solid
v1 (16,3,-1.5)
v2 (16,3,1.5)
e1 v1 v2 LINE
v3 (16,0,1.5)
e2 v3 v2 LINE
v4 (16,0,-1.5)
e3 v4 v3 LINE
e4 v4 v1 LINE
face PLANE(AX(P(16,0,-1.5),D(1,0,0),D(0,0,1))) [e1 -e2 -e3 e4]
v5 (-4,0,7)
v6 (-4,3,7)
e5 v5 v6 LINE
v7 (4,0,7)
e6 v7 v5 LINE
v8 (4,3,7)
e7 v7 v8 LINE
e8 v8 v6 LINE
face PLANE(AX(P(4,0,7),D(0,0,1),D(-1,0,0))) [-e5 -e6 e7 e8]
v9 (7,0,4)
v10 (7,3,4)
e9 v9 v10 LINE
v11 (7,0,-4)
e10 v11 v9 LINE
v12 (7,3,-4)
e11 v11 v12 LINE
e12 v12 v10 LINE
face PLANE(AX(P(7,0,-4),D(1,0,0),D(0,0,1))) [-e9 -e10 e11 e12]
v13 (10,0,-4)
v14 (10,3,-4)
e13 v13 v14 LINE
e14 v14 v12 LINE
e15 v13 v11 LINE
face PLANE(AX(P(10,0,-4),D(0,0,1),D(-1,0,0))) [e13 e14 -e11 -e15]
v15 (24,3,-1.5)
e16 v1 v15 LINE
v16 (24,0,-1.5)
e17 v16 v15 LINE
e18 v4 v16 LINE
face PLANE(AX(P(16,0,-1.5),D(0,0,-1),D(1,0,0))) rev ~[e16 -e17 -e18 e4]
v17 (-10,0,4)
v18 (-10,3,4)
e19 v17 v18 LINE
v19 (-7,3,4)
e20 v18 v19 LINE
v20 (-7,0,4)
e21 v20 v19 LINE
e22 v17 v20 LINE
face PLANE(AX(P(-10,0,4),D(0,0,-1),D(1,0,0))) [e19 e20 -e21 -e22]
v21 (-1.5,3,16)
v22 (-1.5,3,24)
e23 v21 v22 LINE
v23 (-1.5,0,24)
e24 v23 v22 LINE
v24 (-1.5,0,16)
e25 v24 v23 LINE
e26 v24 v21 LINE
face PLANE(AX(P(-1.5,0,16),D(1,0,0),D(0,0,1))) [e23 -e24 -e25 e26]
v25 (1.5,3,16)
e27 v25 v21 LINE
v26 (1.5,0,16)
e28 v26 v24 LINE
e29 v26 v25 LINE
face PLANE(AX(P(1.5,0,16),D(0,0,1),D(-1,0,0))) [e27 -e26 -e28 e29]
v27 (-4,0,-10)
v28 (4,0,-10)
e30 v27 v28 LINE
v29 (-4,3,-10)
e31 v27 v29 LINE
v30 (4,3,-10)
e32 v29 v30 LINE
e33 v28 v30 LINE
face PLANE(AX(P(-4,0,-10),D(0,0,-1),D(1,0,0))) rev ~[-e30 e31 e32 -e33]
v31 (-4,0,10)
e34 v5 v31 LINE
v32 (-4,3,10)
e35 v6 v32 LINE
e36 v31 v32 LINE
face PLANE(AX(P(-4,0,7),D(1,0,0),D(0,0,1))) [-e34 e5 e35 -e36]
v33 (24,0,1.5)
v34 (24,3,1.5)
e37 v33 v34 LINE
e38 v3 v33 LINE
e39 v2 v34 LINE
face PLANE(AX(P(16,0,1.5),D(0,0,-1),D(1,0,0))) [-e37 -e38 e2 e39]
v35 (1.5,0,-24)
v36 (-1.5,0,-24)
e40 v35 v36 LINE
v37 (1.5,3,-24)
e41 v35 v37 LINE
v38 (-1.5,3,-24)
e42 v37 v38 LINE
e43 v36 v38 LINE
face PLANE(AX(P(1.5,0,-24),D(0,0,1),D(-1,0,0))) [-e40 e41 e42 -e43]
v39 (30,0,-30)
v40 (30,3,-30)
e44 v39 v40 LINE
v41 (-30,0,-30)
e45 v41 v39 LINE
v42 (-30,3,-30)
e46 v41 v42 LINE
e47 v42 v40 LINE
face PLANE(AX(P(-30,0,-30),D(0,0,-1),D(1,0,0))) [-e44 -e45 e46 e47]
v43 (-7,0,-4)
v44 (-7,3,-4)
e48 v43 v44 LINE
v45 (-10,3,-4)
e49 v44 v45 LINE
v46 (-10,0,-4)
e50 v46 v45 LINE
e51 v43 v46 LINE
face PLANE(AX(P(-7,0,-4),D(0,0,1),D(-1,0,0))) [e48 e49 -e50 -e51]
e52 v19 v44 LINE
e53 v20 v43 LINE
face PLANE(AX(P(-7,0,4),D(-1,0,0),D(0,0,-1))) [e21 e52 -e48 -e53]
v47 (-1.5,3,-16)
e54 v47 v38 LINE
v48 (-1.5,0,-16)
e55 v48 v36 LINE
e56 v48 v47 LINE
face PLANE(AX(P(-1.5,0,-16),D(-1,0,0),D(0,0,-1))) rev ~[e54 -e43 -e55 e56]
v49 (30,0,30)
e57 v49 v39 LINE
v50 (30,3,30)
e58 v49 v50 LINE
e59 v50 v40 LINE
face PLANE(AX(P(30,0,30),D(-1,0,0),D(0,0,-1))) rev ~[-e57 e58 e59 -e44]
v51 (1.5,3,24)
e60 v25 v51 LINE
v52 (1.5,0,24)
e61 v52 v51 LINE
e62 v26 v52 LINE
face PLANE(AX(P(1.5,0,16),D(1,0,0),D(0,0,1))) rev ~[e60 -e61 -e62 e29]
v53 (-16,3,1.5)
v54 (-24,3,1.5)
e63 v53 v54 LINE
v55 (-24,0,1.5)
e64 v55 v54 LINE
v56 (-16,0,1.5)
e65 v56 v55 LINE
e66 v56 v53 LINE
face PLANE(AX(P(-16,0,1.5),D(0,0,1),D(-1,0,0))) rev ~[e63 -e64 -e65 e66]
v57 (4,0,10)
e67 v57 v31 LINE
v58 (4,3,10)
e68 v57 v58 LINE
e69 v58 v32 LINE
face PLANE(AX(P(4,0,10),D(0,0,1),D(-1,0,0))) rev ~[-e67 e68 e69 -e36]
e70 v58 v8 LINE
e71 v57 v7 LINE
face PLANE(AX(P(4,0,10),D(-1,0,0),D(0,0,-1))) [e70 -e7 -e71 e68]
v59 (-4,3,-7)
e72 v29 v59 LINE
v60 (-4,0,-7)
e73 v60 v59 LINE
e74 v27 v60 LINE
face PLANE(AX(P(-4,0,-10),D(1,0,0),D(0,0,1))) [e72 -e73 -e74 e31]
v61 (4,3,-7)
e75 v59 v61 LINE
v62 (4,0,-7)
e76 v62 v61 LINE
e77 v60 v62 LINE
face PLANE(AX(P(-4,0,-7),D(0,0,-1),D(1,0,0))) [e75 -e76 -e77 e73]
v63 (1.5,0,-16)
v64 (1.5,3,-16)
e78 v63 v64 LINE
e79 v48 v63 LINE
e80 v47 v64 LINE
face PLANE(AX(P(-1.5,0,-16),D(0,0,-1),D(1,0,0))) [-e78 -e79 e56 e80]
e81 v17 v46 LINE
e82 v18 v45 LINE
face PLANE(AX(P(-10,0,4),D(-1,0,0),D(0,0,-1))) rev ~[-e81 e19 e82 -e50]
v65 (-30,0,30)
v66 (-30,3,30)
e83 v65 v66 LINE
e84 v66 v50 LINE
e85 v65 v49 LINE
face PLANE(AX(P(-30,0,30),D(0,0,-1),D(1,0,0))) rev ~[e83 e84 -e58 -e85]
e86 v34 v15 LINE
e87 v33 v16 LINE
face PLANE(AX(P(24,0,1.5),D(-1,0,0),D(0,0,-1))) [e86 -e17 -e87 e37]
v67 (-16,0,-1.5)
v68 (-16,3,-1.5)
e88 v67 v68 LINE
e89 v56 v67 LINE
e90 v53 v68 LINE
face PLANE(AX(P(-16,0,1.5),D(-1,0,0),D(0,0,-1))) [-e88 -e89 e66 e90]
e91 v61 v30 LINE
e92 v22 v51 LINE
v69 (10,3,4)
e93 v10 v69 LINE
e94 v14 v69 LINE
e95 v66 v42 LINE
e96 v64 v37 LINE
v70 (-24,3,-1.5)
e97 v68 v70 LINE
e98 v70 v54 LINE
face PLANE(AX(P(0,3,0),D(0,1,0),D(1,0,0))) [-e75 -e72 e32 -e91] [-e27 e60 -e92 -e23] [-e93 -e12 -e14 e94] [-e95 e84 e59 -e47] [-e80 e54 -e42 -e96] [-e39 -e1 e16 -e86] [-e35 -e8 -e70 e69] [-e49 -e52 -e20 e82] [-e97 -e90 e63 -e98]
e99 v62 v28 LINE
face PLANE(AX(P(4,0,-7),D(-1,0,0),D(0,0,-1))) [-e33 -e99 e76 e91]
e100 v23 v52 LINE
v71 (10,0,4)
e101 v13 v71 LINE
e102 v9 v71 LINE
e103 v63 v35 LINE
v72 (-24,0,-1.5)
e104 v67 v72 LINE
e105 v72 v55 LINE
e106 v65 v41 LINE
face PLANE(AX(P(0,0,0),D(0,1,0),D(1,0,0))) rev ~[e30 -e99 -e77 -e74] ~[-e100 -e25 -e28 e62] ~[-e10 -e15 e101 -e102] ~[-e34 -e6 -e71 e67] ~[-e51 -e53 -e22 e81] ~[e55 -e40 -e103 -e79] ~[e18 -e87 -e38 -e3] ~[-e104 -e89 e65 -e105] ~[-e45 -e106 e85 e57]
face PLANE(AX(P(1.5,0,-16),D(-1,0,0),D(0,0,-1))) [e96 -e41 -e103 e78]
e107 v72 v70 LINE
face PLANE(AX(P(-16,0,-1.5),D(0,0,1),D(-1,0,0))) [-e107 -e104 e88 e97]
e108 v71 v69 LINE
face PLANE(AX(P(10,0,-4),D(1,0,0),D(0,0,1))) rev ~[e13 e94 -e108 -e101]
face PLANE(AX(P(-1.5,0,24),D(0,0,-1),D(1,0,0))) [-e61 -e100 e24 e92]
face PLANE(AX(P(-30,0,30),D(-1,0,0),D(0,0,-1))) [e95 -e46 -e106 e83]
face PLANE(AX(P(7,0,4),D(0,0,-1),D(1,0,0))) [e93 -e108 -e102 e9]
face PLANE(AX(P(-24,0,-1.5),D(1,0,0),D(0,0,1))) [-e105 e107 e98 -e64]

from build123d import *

# Parameters (mm, degrees)
CROQUIS1_W              = 60
CROQUIS1_H              = 60
SALIENTE_EXTRUIR1_DEPTH = 3


with BuildPart() as part:
    # Croquis1 → Saliente-Extruir1 (new body)
    with BuildSketch(Plane(origin=(0, 0, 0), x_dir=(1, 0, 0), z_dir=(0, 1, 0))):
        Rectangle(CROQUIS1_W, CROQUIS1_H)
        Polygon((0, 10), (-4, 10), (-4, 7), (4, 7), (4, 10), align=None, mode=Mode.SUBTRACT)
        Polygon((7, 4), (7, -4), (10, -4), (10, 0), (10, 4), align=None, mode=Mode.SUBTRACT)
        Polygon((4, -7), (-4, -7), (-4, -10), (0, -10), (4, -10), align=None, mode=Mode.SUBTRACT)
        Polygon((-7, -4), (-7, 4), (-10, 4), (-10, 0), (-10, -4), align=None, mode=Mode.SUBTRACT)
        Polygon((20, 1.5), (16, 1.5), (16, -1.5), (24, -1.5), (24, 1.5), align=None, mode=Mode.SUBTRACT)
        Polygon((1.5, -20), (1.5, -16), (-1.5, -16), (-1.5, -24), (1.5, -24), align=None, mode=Mode.SUBTRACT)
        Polygon((-20, -1.5), (-16, -1.5), (-16, 1.5), (-24, 1.5), (-24, -1.5), align=None, mode=Mode.SUBTRACT)
        Polygon((-1.5, 20), (-1.5, 16), (1.5, 16), (1.5, 24), (-1.5, 24), align=None, mode=Mode.SUBTRACT)
    extrude(amount=SALIENTE_EXTRUIR1_DEPTH)


solid = part.part
